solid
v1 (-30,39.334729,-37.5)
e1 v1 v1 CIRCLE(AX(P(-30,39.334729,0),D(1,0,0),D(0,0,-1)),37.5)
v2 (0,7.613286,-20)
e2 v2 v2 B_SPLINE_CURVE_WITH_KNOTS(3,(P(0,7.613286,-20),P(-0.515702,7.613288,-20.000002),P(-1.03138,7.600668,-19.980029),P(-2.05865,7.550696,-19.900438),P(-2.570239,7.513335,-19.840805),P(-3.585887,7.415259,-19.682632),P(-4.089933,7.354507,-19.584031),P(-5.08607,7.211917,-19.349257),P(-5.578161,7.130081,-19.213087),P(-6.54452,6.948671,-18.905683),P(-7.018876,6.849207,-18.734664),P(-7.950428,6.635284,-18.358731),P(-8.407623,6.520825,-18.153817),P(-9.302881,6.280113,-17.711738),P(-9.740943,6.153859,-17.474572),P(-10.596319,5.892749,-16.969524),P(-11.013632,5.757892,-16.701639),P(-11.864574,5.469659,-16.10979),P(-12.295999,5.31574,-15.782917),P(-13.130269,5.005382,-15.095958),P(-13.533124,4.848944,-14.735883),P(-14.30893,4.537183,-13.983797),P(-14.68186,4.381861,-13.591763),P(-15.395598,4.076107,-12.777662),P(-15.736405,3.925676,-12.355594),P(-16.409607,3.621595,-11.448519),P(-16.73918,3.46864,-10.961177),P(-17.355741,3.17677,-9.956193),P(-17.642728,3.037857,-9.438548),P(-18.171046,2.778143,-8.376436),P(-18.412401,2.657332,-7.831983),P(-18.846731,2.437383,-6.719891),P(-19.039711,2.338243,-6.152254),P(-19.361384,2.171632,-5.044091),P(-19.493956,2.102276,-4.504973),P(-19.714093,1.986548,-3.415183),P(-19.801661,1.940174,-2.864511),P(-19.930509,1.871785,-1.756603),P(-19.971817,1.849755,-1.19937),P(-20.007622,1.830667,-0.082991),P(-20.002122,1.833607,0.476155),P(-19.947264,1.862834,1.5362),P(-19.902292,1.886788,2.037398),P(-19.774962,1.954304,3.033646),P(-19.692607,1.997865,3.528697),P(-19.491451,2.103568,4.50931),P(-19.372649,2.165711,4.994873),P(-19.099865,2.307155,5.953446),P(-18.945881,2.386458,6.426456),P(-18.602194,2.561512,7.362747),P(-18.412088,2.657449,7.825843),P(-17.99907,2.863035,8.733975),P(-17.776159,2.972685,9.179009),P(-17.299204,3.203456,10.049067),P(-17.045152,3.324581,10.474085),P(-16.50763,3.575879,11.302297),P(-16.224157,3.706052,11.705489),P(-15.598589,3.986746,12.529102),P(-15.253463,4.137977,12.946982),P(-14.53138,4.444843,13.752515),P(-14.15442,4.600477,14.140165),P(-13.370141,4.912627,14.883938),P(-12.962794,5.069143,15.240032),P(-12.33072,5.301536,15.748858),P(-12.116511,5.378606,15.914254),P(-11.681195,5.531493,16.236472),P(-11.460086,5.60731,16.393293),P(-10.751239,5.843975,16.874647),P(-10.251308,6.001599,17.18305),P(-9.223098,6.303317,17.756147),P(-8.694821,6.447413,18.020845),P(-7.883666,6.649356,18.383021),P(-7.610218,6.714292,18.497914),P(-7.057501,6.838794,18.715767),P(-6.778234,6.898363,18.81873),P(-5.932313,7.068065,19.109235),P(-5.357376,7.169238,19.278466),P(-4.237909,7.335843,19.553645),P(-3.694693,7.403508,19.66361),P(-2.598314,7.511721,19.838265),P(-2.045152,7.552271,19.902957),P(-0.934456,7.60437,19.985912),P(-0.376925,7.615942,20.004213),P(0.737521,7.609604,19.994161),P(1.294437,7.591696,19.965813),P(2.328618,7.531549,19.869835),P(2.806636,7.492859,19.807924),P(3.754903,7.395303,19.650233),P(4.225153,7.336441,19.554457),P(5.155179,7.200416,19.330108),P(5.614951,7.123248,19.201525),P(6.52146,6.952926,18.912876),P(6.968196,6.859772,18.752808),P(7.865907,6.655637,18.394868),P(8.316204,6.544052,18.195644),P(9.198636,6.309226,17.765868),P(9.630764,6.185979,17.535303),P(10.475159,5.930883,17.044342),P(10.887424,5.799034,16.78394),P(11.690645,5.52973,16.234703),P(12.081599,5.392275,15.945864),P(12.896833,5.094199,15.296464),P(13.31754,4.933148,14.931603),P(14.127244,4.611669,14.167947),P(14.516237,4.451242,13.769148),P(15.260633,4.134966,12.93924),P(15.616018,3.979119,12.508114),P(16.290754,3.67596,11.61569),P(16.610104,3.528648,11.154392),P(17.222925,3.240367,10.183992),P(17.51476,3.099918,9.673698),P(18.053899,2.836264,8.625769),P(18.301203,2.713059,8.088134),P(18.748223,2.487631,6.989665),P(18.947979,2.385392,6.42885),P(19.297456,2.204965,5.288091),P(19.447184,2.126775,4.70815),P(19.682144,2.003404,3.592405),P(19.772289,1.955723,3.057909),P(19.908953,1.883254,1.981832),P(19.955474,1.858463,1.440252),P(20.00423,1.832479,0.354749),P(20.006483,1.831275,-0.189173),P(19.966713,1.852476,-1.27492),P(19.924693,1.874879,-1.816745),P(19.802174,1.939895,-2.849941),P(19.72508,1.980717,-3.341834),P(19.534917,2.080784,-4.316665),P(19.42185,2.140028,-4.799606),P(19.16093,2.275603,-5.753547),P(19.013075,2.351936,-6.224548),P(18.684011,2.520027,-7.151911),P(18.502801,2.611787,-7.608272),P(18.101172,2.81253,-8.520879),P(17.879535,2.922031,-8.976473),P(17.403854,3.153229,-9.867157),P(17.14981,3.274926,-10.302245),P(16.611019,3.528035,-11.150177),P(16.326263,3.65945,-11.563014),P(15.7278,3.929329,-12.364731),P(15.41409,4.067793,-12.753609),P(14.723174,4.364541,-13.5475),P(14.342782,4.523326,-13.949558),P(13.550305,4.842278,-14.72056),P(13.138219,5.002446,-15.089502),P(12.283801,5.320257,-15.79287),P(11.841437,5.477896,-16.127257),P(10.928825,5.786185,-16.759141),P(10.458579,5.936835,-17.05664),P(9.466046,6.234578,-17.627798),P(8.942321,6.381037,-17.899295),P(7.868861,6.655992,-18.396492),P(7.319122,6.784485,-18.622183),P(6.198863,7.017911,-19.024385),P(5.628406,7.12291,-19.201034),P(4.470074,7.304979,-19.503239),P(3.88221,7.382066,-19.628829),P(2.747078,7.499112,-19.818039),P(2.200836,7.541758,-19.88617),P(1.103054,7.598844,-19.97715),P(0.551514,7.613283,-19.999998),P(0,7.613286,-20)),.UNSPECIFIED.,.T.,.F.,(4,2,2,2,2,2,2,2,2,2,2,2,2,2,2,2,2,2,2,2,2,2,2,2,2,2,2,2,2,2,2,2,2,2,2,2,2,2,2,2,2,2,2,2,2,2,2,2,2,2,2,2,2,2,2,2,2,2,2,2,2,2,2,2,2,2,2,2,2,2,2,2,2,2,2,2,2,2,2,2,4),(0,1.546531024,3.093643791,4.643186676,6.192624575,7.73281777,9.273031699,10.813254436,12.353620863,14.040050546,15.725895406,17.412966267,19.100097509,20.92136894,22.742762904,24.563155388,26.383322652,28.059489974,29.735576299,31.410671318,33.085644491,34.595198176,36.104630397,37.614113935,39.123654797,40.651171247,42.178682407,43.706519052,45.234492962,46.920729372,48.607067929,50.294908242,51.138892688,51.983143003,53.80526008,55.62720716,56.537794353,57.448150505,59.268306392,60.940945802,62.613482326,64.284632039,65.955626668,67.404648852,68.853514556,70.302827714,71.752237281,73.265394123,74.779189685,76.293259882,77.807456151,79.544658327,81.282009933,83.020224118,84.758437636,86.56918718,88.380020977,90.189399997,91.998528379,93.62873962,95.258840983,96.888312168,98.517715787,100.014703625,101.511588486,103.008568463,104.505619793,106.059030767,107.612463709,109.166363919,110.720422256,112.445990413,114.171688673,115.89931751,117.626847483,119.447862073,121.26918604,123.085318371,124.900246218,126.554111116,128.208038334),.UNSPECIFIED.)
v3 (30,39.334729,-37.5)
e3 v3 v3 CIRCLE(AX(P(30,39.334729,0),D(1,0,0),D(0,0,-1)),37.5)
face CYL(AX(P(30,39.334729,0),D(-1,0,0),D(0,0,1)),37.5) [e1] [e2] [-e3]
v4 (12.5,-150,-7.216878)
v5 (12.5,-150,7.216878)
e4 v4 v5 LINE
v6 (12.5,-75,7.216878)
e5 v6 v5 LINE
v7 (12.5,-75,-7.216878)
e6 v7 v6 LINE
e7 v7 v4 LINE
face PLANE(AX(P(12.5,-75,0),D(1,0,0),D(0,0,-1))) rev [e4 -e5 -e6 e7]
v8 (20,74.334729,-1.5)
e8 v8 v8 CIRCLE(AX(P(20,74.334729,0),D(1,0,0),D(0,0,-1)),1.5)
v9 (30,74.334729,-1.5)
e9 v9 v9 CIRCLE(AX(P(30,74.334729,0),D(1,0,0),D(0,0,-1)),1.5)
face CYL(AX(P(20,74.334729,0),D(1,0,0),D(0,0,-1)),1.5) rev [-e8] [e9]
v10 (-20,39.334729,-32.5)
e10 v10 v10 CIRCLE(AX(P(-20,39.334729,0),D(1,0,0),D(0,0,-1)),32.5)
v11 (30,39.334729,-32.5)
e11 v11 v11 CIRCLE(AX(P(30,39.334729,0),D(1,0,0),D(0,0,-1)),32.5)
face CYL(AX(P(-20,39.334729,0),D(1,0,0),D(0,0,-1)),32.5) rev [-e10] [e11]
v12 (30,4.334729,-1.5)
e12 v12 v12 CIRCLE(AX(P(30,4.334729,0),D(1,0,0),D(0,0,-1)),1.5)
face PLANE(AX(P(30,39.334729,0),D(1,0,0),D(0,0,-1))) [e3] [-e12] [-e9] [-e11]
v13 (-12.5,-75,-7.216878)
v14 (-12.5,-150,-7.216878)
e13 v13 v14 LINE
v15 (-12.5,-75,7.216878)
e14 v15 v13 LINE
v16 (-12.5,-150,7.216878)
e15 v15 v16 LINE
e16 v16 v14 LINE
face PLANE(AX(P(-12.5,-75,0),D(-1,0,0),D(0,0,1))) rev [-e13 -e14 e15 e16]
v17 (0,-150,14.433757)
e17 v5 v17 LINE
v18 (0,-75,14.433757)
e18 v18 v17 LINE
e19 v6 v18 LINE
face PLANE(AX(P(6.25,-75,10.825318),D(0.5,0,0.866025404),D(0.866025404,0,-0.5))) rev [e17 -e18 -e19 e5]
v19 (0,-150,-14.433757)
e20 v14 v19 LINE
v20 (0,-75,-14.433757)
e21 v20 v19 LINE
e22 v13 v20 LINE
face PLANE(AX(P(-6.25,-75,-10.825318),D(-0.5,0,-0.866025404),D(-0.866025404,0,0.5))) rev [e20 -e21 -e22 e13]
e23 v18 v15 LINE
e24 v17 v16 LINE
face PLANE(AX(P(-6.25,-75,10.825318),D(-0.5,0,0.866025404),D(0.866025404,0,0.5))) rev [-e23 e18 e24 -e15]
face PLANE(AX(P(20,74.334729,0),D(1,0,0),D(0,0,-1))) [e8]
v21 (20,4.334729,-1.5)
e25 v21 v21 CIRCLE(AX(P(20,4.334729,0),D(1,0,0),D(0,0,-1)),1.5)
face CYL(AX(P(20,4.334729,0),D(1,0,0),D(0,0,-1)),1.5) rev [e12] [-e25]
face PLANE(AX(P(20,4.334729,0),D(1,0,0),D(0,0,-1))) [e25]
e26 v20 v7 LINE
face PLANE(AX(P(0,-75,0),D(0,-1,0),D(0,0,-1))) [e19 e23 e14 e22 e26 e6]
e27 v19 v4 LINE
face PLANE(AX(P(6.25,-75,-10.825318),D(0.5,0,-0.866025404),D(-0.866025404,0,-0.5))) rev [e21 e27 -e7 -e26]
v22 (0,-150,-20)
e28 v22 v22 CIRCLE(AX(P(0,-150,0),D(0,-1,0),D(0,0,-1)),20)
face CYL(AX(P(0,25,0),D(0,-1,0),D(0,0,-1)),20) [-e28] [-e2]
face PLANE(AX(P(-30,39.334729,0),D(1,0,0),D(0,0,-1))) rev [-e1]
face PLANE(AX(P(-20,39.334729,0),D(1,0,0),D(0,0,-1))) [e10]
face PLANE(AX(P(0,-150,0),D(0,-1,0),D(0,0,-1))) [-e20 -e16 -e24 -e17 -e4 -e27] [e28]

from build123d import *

# Parameters (mm, degrees)
SKETCH1_R                 = 20
BOSS_EXTRUDE1_DEPTH       = 25
BOSS_EXTRUDE2_START       = 100
SKETCH2_R                 = 20
BOSS_EXTRUDE2_DEPTH       = 100
BOSS_EXTRUDE4_START       = -100
SKETCH6_R                 = 20
BOSS_EXTRUDE4_DEPTH       = 100
SKETCH7_R                 = 25
CUT_EXTRUDE2_DEPTH        = 40
SKETCH8_R                 = 25
SKETCH8_R_2               = 22.5
BOSS_EXTRUDE7_DEPTH       = 40
SKETCH9_R                 = 25
BOSS_EXTRUDE8_DEPTH       = 2
BOSS_EXTRUDE10_DEPTH      = 38
CUT_EXTRUDE3_DEPTH        = 25
SKETCH12_R                = 25
CUT_EXTRUDE4_DEPTH        = 75
BOSS_EXTRUDE11_START      = 50
SKETCH14_R                = 20
BOSS_EXTRUDE11_DEPTH      = 50
BOSS_EXTRUDE12_DEPTH      = 10
BOSS_EXTRUDE12_DEPTH_BACK = 50
SKETCH13_R                = 37.5
SKETCH17_R                = 32.5
CUT_EXTRUDE5_DEPTH        = 50
BOSS_EXTRUDE13_START      = 2
SKETCH18_R                = 37.5
SKETCH18_R_2              = 32.5
BOSS_EXTRUDE13_DEPTH      = 2
SKETCH21_R                = 37.5
SKETCH21_R_2              = 32.5
CUT_EXTRUDE6_DEPTH        = 2
SKETCH22_R                = 1.5
CUT_EXTRUDE7_DEPTH        = 10


with BuildPart() as part:
    # Sketch1 → Boss-Extrude1 (new body)
    with BuildSketch(Plane(origin=(0, 0, 0), x_dir=(1, 0, 0), z_dir=(0, 1, 0))):
        with Locations(Location((0, 0, 0), (0, 0, 270))):
            Circle(SKETCH1_R)
        Polygon((14.43375673, 0), (7.216878365, 12.5), (-7.216878365, 12.5), (-14.43375673, 0), (-7.216878365, -12.5), (7.216878365, -12.5), align=None, mode=Mode.SUBTRACT)
    extrude(amount=BOSS_EXTRUDE1_DEPTH)

    # Sketch2 → Boss-Extrude2 (add)
    with BuildSketch(Plane.XZ.offset(BOSS_EXTRUDE2_START)):
        with Locations(Location((0, 0, 0), (0, 0, 270))):
            Circle(SKETCH2_R)
    extrude(amount=-BOSS_EXTRUDE2_DEPTH)

    # Sketch6 → Boss-Extrude4 (add)
    with BuildSketch(Plane(origin=(0, 25, 0), x_dir=(1, 0, 0), z_dir=(0, 1, 0)).offset(BOSS_EXTRUDE4_START)):
        with Locations(Location((0, 0, 0), (0, 0, 90))):
            Circle(SKETCH6_R)
    extrude(amount=BOSS_EXTRUDE4_DEPTH)

    # Sketch7 → Cut-Extrude2 (cut)
    with BuildSketch(Plane(origin=(20, 0, 0), x_dir=(0, 0, -1), z_dir=(1, 0, 0))):
        with Locations((0, 39.286563349)):
            Circle(SKETCH7_R)
    extrude(amount=-CUT_EXTRUDE2_DEPTH, mode=Mode.SUBTRACT)

    # Sketch8 → Boss-Extrude7 (add)
    with BuildSketch(Plane(origin=(20, 0, 0), x_dir=(0, 0, -1), z_dir=(1, 0, 0))):
        with Locations((0, 39.252781264)):
            Circle(SKETCH8_R)
        with Locations((0, 39.252781264)):
            Circle(SKETCH8_R_2, mode=Mode.SUBTRACT)
    extrude(amount=-BOSS_EXTRUDE7_DEPTH)

    # Sketch9 → Boss-Extrude8 (add)
    with BuildSketch(Plane(origin=(20, 0, 0), x_dir=(0, 0, -1), z_dir=(1, 0, 0))):
        with Locations((0, 39.252781264)):
            Circle(SKETCH9_R)
    extrude(amount=-BOSS_EXTRUDE8_DEPTH)

    # Sketch10 → Boss-Extrude10 (add)
    with BuildSketch(Plane.ZY.offset(-18)):
        with BuildLine():
            Line((-15.081099266, 22.555163323), (15.081099266, 22.555163323))
            ThreePointArc((15.081099266, 22.555163323), (0, 16.752781264), (-15.081099266, 22.555163323))
        make_face()
    extrude(amount=BOSS_EXTRUDE10_DEPTH)

    # Sketch11 → Cut-Extrude3 (cut)
    with BuildSketch(Plane.XZ.offset(100)):
        Polygon((12.5, 7.216878365), (0, 14.43375673), (0, 0), (12.5, 0), align=None)
        Polygon((0, 0), (0, 14.43375673), (-12.5, 7.216878365), (-12.5, -7.216878365), (0, -14.43375673), (12.5, -7.216878365), (12.5, 0), align=None)
    extrude(amount=-CUT_EXTRUDE3_DEPTH, mode=Mode.SUBTRACT)

    # Sketch12 → Cut-Extrude4 (cut)
    with BuildSketch(Plane(origin=(20, 0, 0), x_dir=(0, 0, -1), z_dir=(1, 0, 0))):
        with Locations((0, 39.252781264)):
            Circle(SKETCH12_R)
    extrude(amount=-CUT_EXTRUDE4_DEPTH, mode=Mode.SUBTRACT)

    # Sketch14 → Boss-Extrude11 (add)
    with BuildSketch(Plane.XZ.offset(100).offset(BOSS_EXTRUDE11_START)):
        with Locations(Location((0, 0, 0), (0, 0, 270))):
            Circle(SKETCH14_R)
        Polygon((0, -14.43375673), (12.5, -7.216878365), (12.5, 7.216878365), (0, 14.43375673), (-12.5, 7.216878365), (-12.5, -7.216878365), align=None, mode=Mode.SUBTRACT)
    extrude(amount=-BOSS_EXTRUDE11_DEPTH)

    # Sketch13 → Boss-Extrude12 (add, two sides: drawn at the far end of the back side and taken through both)
    with BuildSketch(Plane(origin=(20, 0, 0), x_dir=(0, 0, -1), z_dir=(1, 0, 0)).offset(-BOSS_EXTRUDE12_DEPTH_BACK)):
        with Locations((0, 39.33472939)):
            Circle(SKETCH13_R)
    extrude(amount=BOSS_EXTRUDE12_DEPTH + BOSS_EXTRUDE12_DEPTH_BACK)

    # Sketch17 → Cut-Extrude5 (cut)
    with BuildSketch(Plane(origin=(30, 0, 0), x_dir=(0, 0, -1), z_dir=(1, 0, 0))):
        with Locations((0, 39.33472939)):
            Circle(SKETCH17_R)
    extrude(amount=-CUT_EXTRUDE5_DEPTH, mode=Mode.SUBTRACT)

    # Sketch18 → Boss-Extrude13 (add)
    with BuildSketch(Plane(origin=(30, 0, 0), x_dir=(0, 0, -1), z_dir=(1, 0, 0)).offset(BOSS_EXTRUDE13_START)):
        with Locations((0, 39.33472939)):
            Circle(SKETCH18_R)
        with Locations((0, 39.33472939)):
            Circle(SKETCH18_R_2, mode=Mode.SUBTRACT)
    extrude(amount=-BOSS_EXTRUDE13_DEPTH)

    # Sketch21 → Cut-Extrude6 (cut)
    with BuildSketch(Plane(origin=(32, 0, 0), x_dir=(0, 0, -1), z_dir=(1, 0, 0))):
        with Locations((0, 39.33472939)):
            Circle(SKETCH21_R)
        with Locations((0, 39.33472939)):
            Circle(SKETCH21_R_2, mode=Mode.SUBTRACT)
    extrude(amount=-CUT_EXTRUDE6_DEPTH, mode=Mode.SUBTRACT)

    # Sketch22 → Cut-Extrude7 (cut)
    with BuildSketch(Plane(origin=(30, 0, 0), x_dir=(0, 0, -1), z_dir=(1, 0, 0))):
        with Locations((0, 74.33472939)):
            Circle(SKETCH22_R)
        with Locations((0, 4.33472939)):
            Circle(SKETCH22_R)
    extrude(amount=-CUT_EXTRUDE7_DEPTH, mode=Mode.SUBTRACT)


solid = part.part
